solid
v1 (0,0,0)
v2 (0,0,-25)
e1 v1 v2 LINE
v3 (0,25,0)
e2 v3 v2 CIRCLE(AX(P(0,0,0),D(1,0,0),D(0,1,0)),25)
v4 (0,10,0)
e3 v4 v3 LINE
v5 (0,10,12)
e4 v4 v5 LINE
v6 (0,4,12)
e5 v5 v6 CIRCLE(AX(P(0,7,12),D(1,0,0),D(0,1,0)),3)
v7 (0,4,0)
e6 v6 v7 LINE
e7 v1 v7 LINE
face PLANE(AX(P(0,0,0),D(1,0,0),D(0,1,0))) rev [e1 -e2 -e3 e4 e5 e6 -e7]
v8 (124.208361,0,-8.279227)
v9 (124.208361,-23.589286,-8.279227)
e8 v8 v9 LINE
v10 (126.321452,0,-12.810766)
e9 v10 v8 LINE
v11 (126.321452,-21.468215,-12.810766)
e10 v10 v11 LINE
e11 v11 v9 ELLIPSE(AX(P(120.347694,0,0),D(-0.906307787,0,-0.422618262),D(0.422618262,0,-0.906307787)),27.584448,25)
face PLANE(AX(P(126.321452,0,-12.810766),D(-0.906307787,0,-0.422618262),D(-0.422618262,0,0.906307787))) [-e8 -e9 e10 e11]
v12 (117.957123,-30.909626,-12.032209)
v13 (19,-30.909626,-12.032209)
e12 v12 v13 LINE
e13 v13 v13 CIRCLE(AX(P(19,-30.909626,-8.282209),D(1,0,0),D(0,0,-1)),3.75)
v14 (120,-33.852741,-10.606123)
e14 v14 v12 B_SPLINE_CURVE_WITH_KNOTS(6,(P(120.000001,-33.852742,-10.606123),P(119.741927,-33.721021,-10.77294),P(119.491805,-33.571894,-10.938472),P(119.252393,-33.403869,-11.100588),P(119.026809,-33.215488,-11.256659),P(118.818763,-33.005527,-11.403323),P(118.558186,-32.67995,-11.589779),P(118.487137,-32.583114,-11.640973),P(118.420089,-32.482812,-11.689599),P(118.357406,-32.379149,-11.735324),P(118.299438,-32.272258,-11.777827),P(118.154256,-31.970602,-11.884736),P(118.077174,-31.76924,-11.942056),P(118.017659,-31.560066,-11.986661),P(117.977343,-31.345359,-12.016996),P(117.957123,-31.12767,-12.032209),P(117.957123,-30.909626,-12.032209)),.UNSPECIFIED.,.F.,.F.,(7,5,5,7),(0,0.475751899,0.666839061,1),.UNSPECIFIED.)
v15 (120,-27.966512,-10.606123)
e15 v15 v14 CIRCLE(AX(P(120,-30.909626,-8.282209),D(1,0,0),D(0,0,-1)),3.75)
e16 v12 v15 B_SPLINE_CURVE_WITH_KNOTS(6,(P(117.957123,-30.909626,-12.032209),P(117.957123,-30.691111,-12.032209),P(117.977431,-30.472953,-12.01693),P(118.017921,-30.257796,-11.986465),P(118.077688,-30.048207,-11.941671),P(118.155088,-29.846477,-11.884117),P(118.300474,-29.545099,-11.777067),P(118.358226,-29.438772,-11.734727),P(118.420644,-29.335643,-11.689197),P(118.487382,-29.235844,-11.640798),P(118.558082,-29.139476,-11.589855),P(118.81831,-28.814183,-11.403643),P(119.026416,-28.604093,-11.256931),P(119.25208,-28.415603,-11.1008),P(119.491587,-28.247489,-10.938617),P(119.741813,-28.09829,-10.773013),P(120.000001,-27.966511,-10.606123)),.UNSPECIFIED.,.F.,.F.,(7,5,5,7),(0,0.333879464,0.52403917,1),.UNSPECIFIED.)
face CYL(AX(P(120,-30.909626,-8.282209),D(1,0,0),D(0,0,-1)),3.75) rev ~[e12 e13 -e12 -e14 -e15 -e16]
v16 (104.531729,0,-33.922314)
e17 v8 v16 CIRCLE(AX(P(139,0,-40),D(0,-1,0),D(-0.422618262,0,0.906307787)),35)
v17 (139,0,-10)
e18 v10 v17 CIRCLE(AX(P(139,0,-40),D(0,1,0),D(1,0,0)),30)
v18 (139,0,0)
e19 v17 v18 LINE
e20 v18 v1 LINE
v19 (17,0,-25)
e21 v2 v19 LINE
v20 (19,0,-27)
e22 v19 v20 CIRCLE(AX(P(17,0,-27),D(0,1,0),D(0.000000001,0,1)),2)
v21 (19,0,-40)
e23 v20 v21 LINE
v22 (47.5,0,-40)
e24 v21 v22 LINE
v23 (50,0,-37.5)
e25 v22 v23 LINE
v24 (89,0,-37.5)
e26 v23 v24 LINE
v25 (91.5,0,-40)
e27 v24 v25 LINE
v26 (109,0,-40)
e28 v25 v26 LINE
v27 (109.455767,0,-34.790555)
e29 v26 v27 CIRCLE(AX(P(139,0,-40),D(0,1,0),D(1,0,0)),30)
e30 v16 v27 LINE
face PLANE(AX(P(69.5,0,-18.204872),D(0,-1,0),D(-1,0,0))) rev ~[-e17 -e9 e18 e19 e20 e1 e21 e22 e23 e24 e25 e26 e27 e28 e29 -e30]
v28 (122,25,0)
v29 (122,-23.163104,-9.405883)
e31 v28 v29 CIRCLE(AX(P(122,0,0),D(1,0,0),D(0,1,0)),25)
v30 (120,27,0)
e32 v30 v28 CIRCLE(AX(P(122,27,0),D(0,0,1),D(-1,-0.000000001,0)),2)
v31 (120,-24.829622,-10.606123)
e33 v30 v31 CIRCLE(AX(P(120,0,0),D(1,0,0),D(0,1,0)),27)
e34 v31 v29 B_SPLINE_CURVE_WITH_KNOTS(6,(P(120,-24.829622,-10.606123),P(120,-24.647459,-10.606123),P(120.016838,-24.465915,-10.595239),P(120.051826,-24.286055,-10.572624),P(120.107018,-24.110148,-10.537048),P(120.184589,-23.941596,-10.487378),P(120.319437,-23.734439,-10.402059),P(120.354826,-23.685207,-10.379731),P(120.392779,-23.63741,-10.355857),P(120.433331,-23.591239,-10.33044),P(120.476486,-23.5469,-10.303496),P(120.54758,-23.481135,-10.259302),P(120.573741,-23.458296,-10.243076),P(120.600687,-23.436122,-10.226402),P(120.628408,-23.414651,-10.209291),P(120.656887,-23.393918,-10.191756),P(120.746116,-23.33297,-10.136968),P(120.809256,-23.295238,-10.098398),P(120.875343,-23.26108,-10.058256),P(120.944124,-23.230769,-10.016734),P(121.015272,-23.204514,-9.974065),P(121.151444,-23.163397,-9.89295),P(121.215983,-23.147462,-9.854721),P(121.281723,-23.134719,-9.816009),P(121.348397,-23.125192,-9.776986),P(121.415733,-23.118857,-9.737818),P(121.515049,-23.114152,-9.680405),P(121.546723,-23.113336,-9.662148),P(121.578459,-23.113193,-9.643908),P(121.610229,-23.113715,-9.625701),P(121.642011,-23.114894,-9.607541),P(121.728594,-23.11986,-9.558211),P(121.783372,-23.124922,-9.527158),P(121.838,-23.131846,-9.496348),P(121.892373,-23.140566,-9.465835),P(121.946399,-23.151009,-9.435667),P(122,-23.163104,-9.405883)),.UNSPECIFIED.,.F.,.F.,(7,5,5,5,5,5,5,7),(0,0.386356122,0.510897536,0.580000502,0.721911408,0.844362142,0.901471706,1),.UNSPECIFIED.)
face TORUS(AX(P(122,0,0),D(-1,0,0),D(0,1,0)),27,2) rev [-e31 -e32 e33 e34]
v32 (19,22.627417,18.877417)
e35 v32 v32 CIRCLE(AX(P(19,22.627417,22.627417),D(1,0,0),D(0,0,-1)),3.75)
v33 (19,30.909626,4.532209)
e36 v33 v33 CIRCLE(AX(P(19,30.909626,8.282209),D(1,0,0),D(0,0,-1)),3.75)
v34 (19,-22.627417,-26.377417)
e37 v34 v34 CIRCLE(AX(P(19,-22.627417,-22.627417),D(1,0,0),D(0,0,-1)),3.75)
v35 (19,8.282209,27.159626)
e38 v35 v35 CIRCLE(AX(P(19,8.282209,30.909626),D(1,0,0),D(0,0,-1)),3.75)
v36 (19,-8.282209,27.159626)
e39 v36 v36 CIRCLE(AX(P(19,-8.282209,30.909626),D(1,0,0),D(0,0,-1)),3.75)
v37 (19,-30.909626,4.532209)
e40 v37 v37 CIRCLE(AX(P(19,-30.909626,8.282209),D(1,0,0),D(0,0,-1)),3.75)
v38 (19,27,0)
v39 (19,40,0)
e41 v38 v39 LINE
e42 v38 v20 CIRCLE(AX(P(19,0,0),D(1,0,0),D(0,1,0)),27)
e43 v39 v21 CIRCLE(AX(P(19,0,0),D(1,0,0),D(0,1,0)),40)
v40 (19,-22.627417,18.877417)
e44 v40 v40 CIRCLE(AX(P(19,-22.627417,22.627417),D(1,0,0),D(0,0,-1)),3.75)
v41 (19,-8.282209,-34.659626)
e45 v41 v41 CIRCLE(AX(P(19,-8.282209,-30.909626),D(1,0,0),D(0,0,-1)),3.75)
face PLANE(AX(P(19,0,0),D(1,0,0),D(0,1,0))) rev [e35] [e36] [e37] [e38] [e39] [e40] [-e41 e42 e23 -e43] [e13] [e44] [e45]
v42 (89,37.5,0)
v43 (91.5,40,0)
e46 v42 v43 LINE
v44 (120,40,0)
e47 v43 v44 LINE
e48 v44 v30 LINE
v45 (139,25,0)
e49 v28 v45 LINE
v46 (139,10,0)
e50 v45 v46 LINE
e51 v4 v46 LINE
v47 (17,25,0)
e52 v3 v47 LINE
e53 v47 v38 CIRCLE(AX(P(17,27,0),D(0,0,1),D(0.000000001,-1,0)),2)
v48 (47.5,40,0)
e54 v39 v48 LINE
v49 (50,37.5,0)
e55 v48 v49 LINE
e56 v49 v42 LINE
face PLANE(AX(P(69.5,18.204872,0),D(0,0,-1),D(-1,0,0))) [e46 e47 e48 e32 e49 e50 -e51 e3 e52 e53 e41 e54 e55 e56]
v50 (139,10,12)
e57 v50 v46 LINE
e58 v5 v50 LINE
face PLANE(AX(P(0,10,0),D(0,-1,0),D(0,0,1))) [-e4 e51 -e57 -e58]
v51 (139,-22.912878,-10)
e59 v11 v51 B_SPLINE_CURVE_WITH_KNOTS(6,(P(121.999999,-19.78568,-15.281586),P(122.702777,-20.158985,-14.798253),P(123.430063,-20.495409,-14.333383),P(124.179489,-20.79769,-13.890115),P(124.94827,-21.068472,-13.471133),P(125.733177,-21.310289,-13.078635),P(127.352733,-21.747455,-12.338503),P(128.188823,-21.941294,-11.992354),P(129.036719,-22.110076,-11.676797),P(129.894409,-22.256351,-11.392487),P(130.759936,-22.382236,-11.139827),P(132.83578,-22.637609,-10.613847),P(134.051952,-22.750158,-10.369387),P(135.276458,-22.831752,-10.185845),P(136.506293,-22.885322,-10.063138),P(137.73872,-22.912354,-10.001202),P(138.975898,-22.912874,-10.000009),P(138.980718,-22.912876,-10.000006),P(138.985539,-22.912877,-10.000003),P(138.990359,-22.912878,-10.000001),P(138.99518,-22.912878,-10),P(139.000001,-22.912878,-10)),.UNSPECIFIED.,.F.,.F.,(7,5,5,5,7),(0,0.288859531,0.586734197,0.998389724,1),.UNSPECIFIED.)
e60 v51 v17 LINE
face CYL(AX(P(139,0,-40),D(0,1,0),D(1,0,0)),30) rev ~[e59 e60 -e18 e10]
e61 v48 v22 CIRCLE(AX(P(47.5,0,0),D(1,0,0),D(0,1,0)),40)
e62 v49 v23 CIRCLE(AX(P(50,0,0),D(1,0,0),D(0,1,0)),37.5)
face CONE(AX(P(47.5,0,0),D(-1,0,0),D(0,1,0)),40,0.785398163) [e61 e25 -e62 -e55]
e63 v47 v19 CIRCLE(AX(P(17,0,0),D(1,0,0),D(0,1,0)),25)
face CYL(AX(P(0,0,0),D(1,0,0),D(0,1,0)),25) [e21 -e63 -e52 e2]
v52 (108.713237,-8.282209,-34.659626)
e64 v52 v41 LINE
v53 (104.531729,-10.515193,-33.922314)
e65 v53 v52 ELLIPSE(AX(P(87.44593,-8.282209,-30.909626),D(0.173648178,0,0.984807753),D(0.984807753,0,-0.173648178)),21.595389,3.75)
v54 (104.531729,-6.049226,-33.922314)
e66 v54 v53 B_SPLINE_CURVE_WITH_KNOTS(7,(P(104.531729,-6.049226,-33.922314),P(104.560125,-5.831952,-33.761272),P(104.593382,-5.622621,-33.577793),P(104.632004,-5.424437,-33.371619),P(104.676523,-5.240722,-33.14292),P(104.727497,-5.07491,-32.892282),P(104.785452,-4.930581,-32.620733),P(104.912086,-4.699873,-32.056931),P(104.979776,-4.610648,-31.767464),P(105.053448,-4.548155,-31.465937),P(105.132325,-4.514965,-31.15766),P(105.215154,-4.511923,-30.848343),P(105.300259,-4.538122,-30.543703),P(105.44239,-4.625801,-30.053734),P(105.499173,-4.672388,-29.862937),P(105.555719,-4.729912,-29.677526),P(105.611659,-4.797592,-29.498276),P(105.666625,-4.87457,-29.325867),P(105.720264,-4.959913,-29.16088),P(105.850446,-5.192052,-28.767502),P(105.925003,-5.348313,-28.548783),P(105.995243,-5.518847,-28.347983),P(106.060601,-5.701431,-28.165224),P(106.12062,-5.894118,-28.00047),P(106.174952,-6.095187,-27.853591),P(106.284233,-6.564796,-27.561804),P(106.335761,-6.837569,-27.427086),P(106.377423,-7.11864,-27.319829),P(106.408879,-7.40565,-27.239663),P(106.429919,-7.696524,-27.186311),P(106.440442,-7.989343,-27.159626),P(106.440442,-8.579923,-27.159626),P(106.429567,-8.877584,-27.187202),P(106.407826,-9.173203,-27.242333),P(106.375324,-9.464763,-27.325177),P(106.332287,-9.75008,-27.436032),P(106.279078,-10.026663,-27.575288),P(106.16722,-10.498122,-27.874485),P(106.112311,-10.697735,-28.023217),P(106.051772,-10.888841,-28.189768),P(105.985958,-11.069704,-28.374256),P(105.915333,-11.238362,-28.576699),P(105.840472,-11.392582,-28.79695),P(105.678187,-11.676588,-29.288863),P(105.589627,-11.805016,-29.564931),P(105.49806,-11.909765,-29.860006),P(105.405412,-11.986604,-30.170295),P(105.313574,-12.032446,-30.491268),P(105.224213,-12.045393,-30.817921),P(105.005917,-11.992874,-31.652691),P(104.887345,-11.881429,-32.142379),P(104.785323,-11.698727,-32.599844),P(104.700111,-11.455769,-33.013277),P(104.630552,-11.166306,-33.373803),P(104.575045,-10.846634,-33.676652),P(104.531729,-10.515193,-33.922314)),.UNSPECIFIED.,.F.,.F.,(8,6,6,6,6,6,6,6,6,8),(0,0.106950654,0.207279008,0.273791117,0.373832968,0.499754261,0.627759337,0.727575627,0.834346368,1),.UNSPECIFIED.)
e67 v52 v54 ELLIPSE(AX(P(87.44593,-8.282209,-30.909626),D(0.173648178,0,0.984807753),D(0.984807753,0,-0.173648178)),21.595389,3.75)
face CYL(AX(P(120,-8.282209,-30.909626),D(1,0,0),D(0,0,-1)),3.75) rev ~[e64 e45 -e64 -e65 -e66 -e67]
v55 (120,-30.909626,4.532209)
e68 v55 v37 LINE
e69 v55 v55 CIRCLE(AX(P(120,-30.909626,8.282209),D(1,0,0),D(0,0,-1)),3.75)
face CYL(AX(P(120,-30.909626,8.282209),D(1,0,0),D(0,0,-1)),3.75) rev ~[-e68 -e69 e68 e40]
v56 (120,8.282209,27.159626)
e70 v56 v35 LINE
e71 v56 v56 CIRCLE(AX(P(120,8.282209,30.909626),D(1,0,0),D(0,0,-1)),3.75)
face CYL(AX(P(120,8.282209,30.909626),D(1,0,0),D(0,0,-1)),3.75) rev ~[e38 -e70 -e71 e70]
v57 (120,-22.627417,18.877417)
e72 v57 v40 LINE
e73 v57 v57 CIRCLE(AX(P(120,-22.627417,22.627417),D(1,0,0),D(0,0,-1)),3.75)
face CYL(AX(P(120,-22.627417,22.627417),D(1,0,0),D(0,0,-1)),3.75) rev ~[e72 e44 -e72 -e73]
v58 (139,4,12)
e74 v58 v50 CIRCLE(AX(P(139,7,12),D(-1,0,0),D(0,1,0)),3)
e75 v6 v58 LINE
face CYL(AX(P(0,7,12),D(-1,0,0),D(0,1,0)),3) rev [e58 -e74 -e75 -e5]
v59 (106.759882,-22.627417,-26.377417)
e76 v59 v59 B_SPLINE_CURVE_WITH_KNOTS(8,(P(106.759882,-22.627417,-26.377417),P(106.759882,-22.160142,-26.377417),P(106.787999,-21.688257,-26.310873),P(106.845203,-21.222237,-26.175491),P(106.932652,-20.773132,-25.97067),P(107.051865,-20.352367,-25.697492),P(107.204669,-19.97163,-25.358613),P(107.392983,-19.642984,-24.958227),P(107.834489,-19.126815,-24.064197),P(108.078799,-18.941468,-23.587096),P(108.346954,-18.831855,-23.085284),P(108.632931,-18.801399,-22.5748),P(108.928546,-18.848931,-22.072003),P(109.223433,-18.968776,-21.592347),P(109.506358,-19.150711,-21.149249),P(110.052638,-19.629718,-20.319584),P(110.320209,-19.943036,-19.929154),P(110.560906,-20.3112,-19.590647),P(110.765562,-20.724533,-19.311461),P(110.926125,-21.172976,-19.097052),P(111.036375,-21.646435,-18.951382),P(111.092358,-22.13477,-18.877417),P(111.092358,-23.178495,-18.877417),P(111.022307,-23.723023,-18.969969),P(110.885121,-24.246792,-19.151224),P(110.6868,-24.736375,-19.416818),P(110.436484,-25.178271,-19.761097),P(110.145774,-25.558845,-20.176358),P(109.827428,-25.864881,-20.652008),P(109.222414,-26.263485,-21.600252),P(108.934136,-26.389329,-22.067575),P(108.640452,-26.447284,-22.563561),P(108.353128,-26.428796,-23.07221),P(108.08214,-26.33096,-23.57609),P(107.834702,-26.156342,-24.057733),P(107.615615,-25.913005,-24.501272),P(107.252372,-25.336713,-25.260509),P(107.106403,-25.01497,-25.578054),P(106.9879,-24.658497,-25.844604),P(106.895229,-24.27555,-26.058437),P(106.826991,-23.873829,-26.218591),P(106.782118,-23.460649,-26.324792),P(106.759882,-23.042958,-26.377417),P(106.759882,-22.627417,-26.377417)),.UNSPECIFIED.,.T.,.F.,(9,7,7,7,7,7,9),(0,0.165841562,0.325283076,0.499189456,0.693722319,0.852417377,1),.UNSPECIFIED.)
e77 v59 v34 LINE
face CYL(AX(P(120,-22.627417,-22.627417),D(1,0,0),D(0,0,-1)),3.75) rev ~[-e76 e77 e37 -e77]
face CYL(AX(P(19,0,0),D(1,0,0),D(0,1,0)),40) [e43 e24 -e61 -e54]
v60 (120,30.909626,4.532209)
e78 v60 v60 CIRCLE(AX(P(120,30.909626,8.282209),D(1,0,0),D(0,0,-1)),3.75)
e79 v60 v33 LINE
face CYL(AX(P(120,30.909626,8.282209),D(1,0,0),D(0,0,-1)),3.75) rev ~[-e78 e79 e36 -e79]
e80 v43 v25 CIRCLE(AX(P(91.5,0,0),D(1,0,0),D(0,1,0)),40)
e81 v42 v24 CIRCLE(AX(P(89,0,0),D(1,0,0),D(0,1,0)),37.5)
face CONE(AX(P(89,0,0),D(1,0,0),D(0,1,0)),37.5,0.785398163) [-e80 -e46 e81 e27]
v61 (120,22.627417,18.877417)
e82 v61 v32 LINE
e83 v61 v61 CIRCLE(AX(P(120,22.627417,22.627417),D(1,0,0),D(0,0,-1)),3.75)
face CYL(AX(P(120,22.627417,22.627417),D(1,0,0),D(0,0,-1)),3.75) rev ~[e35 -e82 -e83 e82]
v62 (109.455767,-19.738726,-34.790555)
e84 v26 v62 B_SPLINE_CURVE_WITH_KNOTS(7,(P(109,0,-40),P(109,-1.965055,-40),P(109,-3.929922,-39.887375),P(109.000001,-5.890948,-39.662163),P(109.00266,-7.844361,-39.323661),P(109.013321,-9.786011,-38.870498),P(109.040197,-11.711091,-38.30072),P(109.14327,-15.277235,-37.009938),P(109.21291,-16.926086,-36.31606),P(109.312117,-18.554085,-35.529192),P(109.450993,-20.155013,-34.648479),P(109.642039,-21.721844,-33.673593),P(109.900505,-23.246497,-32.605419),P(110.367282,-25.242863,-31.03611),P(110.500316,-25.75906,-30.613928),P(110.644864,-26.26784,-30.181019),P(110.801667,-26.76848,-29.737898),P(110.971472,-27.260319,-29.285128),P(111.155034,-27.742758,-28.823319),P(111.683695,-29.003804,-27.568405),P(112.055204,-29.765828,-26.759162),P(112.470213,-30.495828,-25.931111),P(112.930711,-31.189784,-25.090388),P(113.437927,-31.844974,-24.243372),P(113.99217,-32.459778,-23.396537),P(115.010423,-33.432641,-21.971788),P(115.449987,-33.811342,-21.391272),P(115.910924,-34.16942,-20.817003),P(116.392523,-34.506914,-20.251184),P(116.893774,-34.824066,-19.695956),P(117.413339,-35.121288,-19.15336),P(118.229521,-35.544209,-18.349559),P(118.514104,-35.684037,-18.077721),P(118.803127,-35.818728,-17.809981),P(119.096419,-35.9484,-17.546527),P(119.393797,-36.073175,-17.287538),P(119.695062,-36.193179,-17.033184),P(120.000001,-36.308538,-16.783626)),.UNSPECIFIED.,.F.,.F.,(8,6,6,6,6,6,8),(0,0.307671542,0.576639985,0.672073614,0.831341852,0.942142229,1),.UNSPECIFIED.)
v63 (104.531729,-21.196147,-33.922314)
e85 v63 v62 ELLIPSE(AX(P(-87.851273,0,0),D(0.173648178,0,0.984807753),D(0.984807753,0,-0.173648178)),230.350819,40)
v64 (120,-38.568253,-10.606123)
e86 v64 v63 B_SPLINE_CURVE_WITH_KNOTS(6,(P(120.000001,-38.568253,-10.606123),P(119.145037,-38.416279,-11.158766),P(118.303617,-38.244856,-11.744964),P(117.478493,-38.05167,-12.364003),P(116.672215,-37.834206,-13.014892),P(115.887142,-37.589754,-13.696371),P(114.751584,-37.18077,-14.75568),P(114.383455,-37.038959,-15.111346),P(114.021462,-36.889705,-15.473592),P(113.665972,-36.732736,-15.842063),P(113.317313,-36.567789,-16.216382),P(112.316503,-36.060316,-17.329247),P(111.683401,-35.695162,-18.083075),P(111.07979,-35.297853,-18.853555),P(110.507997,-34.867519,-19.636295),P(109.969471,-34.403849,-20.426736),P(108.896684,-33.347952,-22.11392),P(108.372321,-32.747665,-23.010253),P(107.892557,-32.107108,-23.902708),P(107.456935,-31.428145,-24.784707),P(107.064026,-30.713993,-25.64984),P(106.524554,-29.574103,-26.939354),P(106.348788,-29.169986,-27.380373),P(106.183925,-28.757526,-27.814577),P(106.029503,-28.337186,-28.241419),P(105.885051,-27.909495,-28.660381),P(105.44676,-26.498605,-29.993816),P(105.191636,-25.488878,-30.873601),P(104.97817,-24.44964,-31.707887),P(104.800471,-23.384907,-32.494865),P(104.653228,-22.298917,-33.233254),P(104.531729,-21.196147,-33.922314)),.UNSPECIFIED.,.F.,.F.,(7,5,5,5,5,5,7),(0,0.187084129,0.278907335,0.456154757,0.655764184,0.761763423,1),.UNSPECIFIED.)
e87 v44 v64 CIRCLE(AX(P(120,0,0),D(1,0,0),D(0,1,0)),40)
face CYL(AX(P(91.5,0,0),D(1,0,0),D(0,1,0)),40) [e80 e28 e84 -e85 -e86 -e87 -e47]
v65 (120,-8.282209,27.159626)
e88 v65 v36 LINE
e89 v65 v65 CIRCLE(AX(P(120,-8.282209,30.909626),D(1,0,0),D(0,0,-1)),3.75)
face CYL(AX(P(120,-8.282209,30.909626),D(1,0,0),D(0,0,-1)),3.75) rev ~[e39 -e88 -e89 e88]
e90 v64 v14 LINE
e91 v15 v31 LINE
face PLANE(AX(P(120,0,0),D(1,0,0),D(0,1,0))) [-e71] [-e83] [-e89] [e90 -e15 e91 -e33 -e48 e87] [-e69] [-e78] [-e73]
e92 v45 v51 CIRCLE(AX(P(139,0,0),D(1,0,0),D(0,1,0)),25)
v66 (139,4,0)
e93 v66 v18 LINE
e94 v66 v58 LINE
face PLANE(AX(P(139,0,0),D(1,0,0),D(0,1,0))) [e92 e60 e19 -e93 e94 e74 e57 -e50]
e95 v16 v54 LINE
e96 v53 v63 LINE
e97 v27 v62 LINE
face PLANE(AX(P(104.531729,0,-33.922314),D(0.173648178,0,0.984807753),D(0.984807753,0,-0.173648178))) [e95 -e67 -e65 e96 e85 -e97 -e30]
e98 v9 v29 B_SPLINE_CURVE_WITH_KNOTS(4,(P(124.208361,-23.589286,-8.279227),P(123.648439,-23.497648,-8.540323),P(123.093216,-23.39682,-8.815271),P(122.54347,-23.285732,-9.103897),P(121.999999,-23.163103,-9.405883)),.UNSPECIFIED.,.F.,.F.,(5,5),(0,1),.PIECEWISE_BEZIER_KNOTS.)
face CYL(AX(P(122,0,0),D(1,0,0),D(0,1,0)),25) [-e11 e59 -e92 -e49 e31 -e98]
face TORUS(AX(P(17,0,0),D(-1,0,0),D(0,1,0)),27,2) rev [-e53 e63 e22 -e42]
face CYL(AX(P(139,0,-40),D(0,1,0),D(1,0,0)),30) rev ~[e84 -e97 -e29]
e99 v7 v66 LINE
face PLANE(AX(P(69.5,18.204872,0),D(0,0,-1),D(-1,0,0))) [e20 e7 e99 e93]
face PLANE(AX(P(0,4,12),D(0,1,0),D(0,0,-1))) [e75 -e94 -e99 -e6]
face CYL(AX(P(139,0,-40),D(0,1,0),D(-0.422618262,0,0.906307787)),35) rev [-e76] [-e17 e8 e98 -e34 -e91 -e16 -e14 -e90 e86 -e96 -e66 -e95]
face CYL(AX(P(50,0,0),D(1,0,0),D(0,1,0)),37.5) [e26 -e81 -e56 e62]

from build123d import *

# Parameters (mm, degrees)
REVOLVE1_ANGLE     = 270
CUT_EXTRUDE1_DEPTH = 151.069983674
SKETCH3_R          = 3.75
CUT_EXTRUDE2_DEPTH = 133.664991614
SKETCH5_R          = 30
CUT_EXTRUDE3_DEPTH = 151.069983674
CUT_EXTRUDE4_DEPTH = 151.06998382


with BuildPart() as part:
    # Sketch1 → Revolve1 (revolve)
    with BuildSketch(Plane.XY):
        with BuildLine():
            Line((47.5, 40), (50, 37.5))
            Line((50, 37.5), (89, 37.5))
            Line((89, 37.5), (91.5, 40))
            Line((91.5, 40), (120, 40))
            Line((120, 40), (120, 27))
            ThreePointArc((120, 27), (120.585786438, 25.585786438), (122, 25))
            Line((122, 25), (139, 25))
            Line((139, 25), (139, 0))
            Line((139, 0), (0, 0))
            Line((0, 0), (0, 25))
            Line((0, 25), (17, 25))
            ThreePointArc((17, 25), (18.414213562, 25.585786438), (19, 27))
            Line((19, 27), (19, 40))
            Line((19, 40), (47.5, 40))
        make_face()
    revolve(axis=Axis((0, 0, 0), (1, 0, 0)), revolution_arc=REVOLVE1_ANGLE)

    # Sketch2 → Cut-Extrude1 (cut, through all)
    with BuildSketch(Plane.ZY):
        with BuildLine():
            Line((0, 10), (12, 10))
            ThreePointArc((12, 10), (15, 7), (12, 4))
            Line((12, 4), (0, 4))
            ThreePointArc((0, 4), (-3, 7), (0, 10))
        make_face()
    extrude(amount=-CUT_EXTRUDE1_DEPTH, mode=Mode.SUBTRACT)

    # Sketch3 → Cut-Extrude2 (cut, through all)
    with BuildSketch(Plane(origin=(120, 0, 0), x_dir=(0, 0, -1), z_dir=(1, 0, 0))):
        with Locations((-8.282209443, 30.909626441)):
            Circle(SKETCH3_R)
        with Locations((30.909626441, -8.282209443)):
            Circle(SKETCH3_R)
        with Locations((22.627416998, -22.627416998)):
            Circle(SKETCH3_R)
        with Locations((8.282209443, -30.909626441)):
            Circle(SKETCH3_R)
        with Locations((-8.282209443, -30.909626441)):
            Circle(SKETCH3_R)
        with Locations((-22.627416998, -22.627416998)):
            Circle(SKETCH3_R)
        with Locations((-30.909626441, -8.282209443)):
            Circle(SKETCH3_R)
        with Locations((-30.909626441, 8.282209443)):
            Circle(SKETCH3_R)
        with Locations((-22.627416998, 22.627416998)):
            Circle(SKETCH3_R)
    extrude(amount=-CUT_EXTRUDE2_DEPTH, mode=Mode.SUBTRACT)

    # Sketch5 → Cut-Extrude3 (cut, through all)
    with BuildSketch(Plane(origin=(0, 0, 0), x_dir=(1, 0, 0), z_dir=(0, 1, 0))):
        with Locations((139, 40)):
            Circle(SKETCH5_R)
    extrude(amount=-CUT_EXTRUDE3_DEPTH, mode=Mode.SUBTRACT)

    # Sketch6 → Cut-Extrude4 (cut, through all)
    with BuildSketch(Plane(origin=(0, 0, 0), x_dir=(1, 0, 0), z_dir=(0, 1, 0))):
        with BuildLine():
            Line((104.531728645, 33.922313782), (109.45576741, 34.79055467))
            ThreePointArc((109.45576741, 34.79055467), (115.199399791, 21.73715713), (126.321452148, 12.810766389))
            Line((126.321452148, 12.810766389), (124.208360839, 8.279227454))
            ThreePointArc((124.208360839, 8.279227454), (111.23263309, 18.693349985), (104.531728645, 33.922313782))
        make_face()
    extrude(amount=-CUT_EXTRUDE4_DEPTH, mode=Mode.SUBTRACT)


solid = part.part
